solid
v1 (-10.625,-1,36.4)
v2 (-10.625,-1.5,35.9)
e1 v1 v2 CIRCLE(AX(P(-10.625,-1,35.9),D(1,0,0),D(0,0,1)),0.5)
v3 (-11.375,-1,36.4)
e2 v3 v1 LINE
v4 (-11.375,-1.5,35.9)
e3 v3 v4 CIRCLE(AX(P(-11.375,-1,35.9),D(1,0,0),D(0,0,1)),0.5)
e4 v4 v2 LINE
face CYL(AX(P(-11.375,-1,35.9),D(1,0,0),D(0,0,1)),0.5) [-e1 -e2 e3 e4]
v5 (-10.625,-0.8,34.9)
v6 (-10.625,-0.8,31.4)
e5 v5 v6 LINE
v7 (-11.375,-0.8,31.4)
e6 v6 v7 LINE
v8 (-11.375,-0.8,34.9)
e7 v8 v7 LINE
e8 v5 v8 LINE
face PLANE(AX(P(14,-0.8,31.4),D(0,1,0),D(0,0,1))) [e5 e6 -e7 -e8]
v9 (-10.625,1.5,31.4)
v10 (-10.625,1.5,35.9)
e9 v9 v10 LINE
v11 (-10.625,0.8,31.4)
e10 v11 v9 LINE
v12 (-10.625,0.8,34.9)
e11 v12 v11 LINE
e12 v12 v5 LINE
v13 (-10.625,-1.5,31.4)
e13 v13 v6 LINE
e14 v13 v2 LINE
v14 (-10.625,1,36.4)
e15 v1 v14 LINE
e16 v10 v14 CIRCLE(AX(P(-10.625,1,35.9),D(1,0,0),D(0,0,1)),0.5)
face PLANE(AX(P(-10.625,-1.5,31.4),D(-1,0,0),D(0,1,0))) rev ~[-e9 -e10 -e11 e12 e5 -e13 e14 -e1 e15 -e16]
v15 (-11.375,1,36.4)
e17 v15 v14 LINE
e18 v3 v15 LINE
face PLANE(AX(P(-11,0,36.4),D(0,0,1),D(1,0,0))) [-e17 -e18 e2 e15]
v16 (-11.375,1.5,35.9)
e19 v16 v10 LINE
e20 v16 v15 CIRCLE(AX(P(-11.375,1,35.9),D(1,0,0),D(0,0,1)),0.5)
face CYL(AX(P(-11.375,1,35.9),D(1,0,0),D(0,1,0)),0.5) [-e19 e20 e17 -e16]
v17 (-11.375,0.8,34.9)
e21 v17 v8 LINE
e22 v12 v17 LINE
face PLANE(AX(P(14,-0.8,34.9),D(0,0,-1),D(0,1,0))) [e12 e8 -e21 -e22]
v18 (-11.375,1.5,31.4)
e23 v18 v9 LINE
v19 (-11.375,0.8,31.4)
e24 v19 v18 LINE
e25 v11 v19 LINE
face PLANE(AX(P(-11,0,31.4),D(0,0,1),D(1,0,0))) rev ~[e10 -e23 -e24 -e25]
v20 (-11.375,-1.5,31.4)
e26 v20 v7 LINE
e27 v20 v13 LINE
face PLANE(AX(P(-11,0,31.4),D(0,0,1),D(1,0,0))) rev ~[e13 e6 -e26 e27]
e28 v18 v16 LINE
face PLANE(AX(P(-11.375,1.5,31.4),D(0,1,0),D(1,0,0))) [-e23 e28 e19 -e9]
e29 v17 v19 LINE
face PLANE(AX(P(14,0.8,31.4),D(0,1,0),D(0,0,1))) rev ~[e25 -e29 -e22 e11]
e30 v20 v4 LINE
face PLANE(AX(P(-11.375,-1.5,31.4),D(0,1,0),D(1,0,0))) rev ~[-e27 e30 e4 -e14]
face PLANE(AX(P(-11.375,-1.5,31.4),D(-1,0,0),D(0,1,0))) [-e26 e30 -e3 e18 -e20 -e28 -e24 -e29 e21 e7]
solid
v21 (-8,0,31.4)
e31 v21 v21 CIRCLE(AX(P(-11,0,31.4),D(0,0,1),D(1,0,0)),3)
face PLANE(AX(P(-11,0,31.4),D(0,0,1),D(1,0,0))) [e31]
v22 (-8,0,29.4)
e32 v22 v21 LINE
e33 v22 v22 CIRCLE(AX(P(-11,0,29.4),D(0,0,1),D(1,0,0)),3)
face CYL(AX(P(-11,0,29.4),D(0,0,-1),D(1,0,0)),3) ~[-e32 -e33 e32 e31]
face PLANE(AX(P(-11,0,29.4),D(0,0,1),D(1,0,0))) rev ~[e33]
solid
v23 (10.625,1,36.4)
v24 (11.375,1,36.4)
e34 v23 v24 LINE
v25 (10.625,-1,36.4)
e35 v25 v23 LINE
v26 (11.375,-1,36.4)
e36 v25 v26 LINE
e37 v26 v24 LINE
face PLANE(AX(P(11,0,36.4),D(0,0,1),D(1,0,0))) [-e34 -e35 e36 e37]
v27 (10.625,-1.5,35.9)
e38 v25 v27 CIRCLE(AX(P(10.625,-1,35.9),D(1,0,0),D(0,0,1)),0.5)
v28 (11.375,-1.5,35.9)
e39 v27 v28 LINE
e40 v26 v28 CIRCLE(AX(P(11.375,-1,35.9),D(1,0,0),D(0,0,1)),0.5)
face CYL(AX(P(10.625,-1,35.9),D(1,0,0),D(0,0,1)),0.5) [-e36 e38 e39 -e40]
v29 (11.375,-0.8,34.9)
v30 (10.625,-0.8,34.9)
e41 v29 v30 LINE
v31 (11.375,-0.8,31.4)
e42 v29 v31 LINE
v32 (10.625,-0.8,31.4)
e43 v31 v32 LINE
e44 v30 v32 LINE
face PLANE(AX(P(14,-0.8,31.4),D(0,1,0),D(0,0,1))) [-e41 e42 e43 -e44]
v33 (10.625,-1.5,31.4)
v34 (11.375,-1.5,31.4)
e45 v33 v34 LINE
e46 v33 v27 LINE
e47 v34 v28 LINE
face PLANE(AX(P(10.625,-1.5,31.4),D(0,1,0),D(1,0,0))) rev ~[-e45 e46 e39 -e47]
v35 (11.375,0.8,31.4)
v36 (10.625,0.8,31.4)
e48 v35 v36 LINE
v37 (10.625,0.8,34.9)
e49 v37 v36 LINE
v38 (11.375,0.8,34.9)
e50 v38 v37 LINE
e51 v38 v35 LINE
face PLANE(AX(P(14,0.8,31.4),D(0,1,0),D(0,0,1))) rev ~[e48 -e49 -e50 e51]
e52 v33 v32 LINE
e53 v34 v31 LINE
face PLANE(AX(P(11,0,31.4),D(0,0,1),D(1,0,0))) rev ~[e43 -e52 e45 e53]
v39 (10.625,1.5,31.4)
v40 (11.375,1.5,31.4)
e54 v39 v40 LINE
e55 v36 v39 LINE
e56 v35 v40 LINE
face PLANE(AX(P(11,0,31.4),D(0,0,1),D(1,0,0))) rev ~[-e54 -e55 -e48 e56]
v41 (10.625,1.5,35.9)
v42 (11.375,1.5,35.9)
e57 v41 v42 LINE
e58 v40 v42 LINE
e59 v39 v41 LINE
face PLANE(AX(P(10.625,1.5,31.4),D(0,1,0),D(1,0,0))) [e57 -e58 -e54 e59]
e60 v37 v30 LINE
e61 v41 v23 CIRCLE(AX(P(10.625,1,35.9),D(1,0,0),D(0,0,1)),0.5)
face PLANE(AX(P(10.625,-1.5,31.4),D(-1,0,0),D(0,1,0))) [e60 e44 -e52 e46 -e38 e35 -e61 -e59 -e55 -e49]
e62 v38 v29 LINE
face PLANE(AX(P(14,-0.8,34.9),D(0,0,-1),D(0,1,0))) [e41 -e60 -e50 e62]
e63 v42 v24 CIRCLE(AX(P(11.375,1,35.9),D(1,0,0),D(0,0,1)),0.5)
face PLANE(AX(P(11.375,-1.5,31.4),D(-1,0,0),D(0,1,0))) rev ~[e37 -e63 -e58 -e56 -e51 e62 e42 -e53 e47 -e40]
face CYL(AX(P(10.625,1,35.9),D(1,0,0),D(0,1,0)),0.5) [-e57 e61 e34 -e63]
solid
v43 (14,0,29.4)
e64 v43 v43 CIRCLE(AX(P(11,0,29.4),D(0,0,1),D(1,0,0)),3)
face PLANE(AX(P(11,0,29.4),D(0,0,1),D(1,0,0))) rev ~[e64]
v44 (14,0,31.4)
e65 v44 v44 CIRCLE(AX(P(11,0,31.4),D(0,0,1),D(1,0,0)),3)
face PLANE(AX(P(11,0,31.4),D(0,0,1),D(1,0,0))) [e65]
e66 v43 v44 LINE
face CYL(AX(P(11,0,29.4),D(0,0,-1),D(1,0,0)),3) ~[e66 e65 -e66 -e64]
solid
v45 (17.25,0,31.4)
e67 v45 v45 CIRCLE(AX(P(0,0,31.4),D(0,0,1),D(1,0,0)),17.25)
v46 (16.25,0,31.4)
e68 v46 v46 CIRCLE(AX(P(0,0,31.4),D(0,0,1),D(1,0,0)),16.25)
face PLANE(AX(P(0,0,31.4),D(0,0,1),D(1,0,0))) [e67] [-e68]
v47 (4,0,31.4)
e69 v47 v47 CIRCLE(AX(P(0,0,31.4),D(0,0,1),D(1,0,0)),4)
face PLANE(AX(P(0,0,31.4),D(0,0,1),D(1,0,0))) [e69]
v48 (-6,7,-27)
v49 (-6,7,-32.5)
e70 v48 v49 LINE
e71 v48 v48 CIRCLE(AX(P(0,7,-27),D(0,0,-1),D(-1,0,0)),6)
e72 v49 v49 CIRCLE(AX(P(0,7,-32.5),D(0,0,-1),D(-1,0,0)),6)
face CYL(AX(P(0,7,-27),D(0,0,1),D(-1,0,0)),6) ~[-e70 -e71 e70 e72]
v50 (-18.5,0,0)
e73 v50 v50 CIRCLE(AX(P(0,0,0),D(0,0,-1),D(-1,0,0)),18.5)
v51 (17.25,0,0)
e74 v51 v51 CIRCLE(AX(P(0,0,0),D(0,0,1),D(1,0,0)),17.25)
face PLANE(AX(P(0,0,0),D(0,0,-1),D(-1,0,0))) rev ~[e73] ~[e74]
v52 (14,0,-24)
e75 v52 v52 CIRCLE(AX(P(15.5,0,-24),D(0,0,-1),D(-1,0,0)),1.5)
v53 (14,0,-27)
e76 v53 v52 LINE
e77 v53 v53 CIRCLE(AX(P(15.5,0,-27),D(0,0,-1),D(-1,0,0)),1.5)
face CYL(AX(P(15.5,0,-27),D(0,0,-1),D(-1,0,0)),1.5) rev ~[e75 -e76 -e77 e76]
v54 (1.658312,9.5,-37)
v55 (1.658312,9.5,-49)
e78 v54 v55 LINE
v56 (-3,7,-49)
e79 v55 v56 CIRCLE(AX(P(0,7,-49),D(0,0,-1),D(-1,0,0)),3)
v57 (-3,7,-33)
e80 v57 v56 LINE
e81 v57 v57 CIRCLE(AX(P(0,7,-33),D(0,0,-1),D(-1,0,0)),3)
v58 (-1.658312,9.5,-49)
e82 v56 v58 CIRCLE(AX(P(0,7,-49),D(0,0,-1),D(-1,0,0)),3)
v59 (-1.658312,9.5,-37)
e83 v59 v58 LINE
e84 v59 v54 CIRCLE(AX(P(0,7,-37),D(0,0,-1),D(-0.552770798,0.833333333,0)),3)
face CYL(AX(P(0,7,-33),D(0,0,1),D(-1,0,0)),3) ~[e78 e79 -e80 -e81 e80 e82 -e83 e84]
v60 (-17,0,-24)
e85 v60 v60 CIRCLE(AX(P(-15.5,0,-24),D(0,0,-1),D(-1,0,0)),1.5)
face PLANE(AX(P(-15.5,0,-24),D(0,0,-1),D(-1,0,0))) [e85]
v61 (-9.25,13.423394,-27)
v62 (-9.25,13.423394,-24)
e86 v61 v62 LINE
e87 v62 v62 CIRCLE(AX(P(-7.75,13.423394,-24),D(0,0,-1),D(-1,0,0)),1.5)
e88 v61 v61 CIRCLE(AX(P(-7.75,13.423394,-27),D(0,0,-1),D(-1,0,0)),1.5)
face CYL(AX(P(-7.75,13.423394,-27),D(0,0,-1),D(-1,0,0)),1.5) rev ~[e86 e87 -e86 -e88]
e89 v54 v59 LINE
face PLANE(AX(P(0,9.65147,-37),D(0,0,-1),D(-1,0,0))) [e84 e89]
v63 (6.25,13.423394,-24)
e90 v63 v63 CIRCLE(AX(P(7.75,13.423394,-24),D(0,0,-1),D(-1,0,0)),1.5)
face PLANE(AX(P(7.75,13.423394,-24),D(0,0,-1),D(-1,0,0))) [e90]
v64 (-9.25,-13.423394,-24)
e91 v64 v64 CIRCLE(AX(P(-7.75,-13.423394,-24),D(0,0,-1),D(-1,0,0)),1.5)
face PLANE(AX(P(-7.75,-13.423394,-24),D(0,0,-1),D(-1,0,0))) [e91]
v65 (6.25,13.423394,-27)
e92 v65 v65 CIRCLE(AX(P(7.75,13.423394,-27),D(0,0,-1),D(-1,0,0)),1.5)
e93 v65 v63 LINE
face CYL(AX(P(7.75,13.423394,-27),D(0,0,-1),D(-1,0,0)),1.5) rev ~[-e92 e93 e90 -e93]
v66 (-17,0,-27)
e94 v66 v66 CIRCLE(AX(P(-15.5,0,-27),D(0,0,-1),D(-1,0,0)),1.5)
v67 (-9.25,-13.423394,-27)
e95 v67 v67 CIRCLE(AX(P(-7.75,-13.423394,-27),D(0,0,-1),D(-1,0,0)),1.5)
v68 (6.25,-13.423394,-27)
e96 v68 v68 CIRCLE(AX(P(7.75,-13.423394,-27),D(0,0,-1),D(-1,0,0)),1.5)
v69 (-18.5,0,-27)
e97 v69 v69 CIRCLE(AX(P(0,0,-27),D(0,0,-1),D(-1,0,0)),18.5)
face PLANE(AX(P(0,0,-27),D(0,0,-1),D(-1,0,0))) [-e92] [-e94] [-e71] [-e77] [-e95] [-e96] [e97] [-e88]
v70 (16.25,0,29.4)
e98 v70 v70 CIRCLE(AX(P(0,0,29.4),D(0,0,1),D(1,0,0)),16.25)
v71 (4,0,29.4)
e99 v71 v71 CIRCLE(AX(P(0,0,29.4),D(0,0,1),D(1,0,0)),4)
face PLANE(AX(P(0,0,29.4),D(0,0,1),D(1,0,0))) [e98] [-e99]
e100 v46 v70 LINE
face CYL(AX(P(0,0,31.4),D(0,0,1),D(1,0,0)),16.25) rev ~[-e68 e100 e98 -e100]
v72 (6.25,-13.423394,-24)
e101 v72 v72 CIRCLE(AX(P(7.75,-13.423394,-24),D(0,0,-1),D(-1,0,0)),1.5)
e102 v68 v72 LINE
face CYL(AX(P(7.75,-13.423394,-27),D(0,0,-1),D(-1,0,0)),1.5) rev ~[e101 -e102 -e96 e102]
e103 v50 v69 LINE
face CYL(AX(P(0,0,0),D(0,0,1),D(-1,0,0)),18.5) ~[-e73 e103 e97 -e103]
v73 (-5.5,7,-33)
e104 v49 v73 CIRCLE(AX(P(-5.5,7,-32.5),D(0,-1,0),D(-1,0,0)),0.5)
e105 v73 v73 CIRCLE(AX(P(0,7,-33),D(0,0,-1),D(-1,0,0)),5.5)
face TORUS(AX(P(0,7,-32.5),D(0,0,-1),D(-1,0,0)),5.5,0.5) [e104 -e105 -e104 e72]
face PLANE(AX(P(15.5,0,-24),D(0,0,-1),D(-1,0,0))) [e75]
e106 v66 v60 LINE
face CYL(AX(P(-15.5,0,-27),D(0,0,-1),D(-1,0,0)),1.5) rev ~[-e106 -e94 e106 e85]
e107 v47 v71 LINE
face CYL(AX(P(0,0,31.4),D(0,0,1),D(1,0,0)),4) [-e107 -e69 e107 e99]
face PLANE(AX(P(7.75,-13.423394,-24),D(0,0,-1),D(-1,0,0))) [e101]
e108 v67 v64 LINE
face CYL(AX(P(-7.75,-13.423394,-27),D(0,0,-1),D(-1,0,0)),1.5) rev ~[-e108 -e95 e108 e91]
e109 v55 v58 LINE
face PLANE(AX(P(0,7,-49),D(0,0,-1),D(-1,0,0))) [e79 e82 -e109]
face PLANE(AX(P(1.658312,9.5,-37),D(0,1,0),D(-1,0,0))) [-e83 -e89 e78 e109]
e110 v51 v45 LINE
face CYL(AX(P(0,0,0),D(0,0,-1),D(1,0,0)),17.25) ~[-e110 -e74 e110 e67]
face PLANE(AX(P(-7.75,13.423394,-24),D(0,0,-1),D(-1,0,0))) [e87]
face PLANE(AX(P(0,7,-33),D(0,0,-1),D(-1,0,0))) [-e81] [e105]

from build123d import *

# Parameters (mm, degrees)
CROQUIS1_R                = 17.25
SALIENTE_EXTRUIR1_DEPTH   = 31.4
CROQUIS2_R                = 18.5
SALIENTE_EXTRUIR2_DEPTH   = 27
CROQUIS3_R                = 6
SALIENTE_EXTRUIR3_DEPTH   = 6
CROQUIS4_R                = 3
SALIENTE_EXTRUIR4_DEPTH   = 16
CORTAR_EXTRUIR1_START     = -12
CORTAR_EXTRUIR1_DEPTH     = 12
CROQUIS8_R                = 16.25
CROQUIS8_R_2              = 4
CORTAR_EXTRUIR2_DEPTH     = 2
CROQUIS9_R                = 3
SALIENTE_EXTRUIR5_DEPTH   = 2
SALIENTE_EXTRUIR5_2_DEPTH = 2
CROQUIS10_W               = 0.75
CROQUIS10_H               = 3
SALIENTE_EXTRUIR6_DEPTH   = 5
SALIENTE_EXTRUIR6_2_DEPTH = 5
CORTAR_EXTRUIR3_START     = -25.375
CROQUIS11_W               = 3.5
CROQUIS11_H               = 1.6
CORTAR_EXTRUIR3_DEPTH     = 28
REDONDEO1_R               = 0.5
REDONDEO2_R               = 0.5
REDONDEO3_R               = 0.5
CROQUIS12_R               = 1.5
CORTAR_EXTRUIR4_DEPTH     = 3


with BuildPart() as part:
    # Croquis1 → Saliente-Extruir1 (new body)
    with BuildSketch(Plane.XY):
        Circle(CROQUIS1_R)
    extrude(amount=SALIENTE_EXTRUIR1_DEPTH)

    # Croquis2 → Saliente-Extruir2 (add)
    with BuildSketch(Plane(origin=(0, 0, 0), x_dir=(-1, 0, 0), z_dir=(0, 0, -1))):
        Circle(CROQUIS2_R)
    extrude(amount=SALIENTE_EXTRUIR2_DEPTH)

    # Croquis3 → Saliente-Extruir3 (add)
    with BuildSketch(Plane(origin=(0, 0, -27), x_dir=(-1, 0, 0), z_dir=(0, 0, -1))):
        with Locations((0, 7)):
            Circle(CROQUIS3_R)
    extrude(amount=SALIENTE_EXTRUIR3_DEPTH)

    # Croquis4 → Saliente-Extruir4 (add)
    with BuildSketch(Plane(origin=(0, 0, -33), x_dir=(-1, 0, 0), z_dir=(0, 0, -1))):
        with Locations((0, 7)):
            Circle(CROQUIS4_R)
    extrude(amount=SALIENTE_EXTRUIR4_DEPTH)

    # Croquis5 → Cortar-Extruir1 (cut)
    with BuildSketch(Plane(origin=(0, 0, -49), x_dir=(-1, 0, 0), z_dir=(0, 0, -1)).offset(CORTAR_EXTRUIR1_START)):
        with BuildLine():
            Line((-1.658312395, 9.5), (1.658312395, 9.5))
            ThreePointArc((1.658312395, 9.5), (0, 10), (-1.658312395, 9.5))
        make_face()
    extrude(amount=CORTAR_EXTRUIR1_DEPTH, mode=Mode.SUBTRACT)

    # Croquis8 → Cortar-Extruir2 (cut)
    with BuildSketch(Plane.XY.offset(31.4)):
        Circle(CROQUIS8_R)
        Circle(CROQUIS8_R_2, mode=Mode.SUBTRACT)
    extrude(amount=-CORTAR_EXTRUIR2_DEPTH, mode=Mode.SUBTRACT)

    # Redondeo3
    redondeo3_edges = [part.edges().sort_by_distance(p)[0] for p in [
        (6, 7, -33),
    ]]
    fillet(redondeo3_edges, radius=REDONDEO3_R)

    # Croquis12 → Cortar-Extruir4 (cut)
    with BuildSketch(Plane(origin=(0, 0, -27), x_dir=(-1, 0, 0), z_dir=(0, 0, -1))):
        with Locations((-15.5, 0)):
            Circle(CROQUIS12_R)
        with Locations((-7.75, 13.423393759)):
            Circle(CROQUIS12_R)
        with Locations((7.75, 13.423393759)):
            Circle(CROQUIS12_R)
        with Locations((15.5, 0)):
            Circle(CROQUIS12_R)
        with Locations((7.75, -13.423393759)):
            Circle(CROQUIS12_R)
        with Locations((-7.75, -13.423393759)):
            Circle(CROQUIS12_R)
    extrude(amount=-CORTAR_EXTRUIR4_DEPTH, mode=Mode.SUBTRACT)


with BuildPart() as body_2:
    # Croquis9 → Saliente-Extruir5 (new body)
    with BuildSketch(Plane.XY.offset(29.4)):
        with Locations((-11, 0)):
            Circle(CROQUIS9_R)
    extrude(amount=SALIENTE_EXTRUIR5_DEPTH)


with BuildPart() as body_3:
    # Croquis9 → Saliente-Extruir5 2 (new body)
    with BuildSketch(Plane.XY.offset(29.4)):
        with Locations((11, 0)):
            Circle(CROQUIS9_R)
    extrude(amount=SALIENTE_EXTRUIR5_2_DEPTH)


with BuildPart() as body_4:
    # Croquis10 → Saliente-Extruir6 (new body)
    with BuildSketch(Plane.XY.offset(31.4)):
        with Locations((-11, 0)):
            Rectangle(CROQUIS10_W, CROQUIS10_H)
    extrude(amount=SALIENTE_EXTRUIR6_DEPTH)


with BuildPart() as body_5:
    # Croquis10 → Saliente-Extruir6 2 (new body)
    with BuildSketch(Plane.XY.offset(31.4)):
        with Locations((11, 0)):
            Rectangle(CROQUIS10_W, CROQUIS10_H)
    extrude(amount=SALIENTE_EXTRUIR6_2_DEPTH)


with BuildPart() as cortar_extruir3_tool:
    # Croquis11 → Cortar-Extruir3 (new body)
    with BuildSketch(Plane.ZY.offset(11.375).offset(CORTAR_EXTRUIR3_START)):
        with Locations((33.15, 0)):
            Rectangle(CROQUIS11_W, CROQUIS11_H)
    extrude(amount=CORTAR_EXTRUIR3_DEPTH)


with BuildPart() as body_4_1:
    add(body_4.part)

    # Cortar-Extruir3: cut by cortar_extruir3_tool
    add(cortar_extruir3_tool.part, mode=Mode.SUBTRACT)

    # Redondeo1
    redondeo1_edges = [body_4_1.edges().sort_by_distance(p)[0] for p in [
        (-11, 1.5, 36.4),
        (-11, -1.5, 36.4),
    ]]
    fillet(redondeo1_edges, radius=REDONDEO1_R)


with BuildPart() as body_5_1:
    add(body_5.part)

    # Cortar-Extruir3: cut by cortar_extruir3_tool
    add(cortar_extruir3_tool.part, mode=Mode.SUBTRACT)

    # Redondeo2
    redondeo2_edges = [body_5_1.edges().sort_by_distance(p)[0] for p in [
        (11, 1.5, 36.4),
        (11, -1.5, 36.4),
    ]]
    fillet(redondeo2_edges, radius=REDONDEO2_R)


solid = Compound([part.part, body_2.part, body_3.part, body_4_1.part, body_5_1.part])
